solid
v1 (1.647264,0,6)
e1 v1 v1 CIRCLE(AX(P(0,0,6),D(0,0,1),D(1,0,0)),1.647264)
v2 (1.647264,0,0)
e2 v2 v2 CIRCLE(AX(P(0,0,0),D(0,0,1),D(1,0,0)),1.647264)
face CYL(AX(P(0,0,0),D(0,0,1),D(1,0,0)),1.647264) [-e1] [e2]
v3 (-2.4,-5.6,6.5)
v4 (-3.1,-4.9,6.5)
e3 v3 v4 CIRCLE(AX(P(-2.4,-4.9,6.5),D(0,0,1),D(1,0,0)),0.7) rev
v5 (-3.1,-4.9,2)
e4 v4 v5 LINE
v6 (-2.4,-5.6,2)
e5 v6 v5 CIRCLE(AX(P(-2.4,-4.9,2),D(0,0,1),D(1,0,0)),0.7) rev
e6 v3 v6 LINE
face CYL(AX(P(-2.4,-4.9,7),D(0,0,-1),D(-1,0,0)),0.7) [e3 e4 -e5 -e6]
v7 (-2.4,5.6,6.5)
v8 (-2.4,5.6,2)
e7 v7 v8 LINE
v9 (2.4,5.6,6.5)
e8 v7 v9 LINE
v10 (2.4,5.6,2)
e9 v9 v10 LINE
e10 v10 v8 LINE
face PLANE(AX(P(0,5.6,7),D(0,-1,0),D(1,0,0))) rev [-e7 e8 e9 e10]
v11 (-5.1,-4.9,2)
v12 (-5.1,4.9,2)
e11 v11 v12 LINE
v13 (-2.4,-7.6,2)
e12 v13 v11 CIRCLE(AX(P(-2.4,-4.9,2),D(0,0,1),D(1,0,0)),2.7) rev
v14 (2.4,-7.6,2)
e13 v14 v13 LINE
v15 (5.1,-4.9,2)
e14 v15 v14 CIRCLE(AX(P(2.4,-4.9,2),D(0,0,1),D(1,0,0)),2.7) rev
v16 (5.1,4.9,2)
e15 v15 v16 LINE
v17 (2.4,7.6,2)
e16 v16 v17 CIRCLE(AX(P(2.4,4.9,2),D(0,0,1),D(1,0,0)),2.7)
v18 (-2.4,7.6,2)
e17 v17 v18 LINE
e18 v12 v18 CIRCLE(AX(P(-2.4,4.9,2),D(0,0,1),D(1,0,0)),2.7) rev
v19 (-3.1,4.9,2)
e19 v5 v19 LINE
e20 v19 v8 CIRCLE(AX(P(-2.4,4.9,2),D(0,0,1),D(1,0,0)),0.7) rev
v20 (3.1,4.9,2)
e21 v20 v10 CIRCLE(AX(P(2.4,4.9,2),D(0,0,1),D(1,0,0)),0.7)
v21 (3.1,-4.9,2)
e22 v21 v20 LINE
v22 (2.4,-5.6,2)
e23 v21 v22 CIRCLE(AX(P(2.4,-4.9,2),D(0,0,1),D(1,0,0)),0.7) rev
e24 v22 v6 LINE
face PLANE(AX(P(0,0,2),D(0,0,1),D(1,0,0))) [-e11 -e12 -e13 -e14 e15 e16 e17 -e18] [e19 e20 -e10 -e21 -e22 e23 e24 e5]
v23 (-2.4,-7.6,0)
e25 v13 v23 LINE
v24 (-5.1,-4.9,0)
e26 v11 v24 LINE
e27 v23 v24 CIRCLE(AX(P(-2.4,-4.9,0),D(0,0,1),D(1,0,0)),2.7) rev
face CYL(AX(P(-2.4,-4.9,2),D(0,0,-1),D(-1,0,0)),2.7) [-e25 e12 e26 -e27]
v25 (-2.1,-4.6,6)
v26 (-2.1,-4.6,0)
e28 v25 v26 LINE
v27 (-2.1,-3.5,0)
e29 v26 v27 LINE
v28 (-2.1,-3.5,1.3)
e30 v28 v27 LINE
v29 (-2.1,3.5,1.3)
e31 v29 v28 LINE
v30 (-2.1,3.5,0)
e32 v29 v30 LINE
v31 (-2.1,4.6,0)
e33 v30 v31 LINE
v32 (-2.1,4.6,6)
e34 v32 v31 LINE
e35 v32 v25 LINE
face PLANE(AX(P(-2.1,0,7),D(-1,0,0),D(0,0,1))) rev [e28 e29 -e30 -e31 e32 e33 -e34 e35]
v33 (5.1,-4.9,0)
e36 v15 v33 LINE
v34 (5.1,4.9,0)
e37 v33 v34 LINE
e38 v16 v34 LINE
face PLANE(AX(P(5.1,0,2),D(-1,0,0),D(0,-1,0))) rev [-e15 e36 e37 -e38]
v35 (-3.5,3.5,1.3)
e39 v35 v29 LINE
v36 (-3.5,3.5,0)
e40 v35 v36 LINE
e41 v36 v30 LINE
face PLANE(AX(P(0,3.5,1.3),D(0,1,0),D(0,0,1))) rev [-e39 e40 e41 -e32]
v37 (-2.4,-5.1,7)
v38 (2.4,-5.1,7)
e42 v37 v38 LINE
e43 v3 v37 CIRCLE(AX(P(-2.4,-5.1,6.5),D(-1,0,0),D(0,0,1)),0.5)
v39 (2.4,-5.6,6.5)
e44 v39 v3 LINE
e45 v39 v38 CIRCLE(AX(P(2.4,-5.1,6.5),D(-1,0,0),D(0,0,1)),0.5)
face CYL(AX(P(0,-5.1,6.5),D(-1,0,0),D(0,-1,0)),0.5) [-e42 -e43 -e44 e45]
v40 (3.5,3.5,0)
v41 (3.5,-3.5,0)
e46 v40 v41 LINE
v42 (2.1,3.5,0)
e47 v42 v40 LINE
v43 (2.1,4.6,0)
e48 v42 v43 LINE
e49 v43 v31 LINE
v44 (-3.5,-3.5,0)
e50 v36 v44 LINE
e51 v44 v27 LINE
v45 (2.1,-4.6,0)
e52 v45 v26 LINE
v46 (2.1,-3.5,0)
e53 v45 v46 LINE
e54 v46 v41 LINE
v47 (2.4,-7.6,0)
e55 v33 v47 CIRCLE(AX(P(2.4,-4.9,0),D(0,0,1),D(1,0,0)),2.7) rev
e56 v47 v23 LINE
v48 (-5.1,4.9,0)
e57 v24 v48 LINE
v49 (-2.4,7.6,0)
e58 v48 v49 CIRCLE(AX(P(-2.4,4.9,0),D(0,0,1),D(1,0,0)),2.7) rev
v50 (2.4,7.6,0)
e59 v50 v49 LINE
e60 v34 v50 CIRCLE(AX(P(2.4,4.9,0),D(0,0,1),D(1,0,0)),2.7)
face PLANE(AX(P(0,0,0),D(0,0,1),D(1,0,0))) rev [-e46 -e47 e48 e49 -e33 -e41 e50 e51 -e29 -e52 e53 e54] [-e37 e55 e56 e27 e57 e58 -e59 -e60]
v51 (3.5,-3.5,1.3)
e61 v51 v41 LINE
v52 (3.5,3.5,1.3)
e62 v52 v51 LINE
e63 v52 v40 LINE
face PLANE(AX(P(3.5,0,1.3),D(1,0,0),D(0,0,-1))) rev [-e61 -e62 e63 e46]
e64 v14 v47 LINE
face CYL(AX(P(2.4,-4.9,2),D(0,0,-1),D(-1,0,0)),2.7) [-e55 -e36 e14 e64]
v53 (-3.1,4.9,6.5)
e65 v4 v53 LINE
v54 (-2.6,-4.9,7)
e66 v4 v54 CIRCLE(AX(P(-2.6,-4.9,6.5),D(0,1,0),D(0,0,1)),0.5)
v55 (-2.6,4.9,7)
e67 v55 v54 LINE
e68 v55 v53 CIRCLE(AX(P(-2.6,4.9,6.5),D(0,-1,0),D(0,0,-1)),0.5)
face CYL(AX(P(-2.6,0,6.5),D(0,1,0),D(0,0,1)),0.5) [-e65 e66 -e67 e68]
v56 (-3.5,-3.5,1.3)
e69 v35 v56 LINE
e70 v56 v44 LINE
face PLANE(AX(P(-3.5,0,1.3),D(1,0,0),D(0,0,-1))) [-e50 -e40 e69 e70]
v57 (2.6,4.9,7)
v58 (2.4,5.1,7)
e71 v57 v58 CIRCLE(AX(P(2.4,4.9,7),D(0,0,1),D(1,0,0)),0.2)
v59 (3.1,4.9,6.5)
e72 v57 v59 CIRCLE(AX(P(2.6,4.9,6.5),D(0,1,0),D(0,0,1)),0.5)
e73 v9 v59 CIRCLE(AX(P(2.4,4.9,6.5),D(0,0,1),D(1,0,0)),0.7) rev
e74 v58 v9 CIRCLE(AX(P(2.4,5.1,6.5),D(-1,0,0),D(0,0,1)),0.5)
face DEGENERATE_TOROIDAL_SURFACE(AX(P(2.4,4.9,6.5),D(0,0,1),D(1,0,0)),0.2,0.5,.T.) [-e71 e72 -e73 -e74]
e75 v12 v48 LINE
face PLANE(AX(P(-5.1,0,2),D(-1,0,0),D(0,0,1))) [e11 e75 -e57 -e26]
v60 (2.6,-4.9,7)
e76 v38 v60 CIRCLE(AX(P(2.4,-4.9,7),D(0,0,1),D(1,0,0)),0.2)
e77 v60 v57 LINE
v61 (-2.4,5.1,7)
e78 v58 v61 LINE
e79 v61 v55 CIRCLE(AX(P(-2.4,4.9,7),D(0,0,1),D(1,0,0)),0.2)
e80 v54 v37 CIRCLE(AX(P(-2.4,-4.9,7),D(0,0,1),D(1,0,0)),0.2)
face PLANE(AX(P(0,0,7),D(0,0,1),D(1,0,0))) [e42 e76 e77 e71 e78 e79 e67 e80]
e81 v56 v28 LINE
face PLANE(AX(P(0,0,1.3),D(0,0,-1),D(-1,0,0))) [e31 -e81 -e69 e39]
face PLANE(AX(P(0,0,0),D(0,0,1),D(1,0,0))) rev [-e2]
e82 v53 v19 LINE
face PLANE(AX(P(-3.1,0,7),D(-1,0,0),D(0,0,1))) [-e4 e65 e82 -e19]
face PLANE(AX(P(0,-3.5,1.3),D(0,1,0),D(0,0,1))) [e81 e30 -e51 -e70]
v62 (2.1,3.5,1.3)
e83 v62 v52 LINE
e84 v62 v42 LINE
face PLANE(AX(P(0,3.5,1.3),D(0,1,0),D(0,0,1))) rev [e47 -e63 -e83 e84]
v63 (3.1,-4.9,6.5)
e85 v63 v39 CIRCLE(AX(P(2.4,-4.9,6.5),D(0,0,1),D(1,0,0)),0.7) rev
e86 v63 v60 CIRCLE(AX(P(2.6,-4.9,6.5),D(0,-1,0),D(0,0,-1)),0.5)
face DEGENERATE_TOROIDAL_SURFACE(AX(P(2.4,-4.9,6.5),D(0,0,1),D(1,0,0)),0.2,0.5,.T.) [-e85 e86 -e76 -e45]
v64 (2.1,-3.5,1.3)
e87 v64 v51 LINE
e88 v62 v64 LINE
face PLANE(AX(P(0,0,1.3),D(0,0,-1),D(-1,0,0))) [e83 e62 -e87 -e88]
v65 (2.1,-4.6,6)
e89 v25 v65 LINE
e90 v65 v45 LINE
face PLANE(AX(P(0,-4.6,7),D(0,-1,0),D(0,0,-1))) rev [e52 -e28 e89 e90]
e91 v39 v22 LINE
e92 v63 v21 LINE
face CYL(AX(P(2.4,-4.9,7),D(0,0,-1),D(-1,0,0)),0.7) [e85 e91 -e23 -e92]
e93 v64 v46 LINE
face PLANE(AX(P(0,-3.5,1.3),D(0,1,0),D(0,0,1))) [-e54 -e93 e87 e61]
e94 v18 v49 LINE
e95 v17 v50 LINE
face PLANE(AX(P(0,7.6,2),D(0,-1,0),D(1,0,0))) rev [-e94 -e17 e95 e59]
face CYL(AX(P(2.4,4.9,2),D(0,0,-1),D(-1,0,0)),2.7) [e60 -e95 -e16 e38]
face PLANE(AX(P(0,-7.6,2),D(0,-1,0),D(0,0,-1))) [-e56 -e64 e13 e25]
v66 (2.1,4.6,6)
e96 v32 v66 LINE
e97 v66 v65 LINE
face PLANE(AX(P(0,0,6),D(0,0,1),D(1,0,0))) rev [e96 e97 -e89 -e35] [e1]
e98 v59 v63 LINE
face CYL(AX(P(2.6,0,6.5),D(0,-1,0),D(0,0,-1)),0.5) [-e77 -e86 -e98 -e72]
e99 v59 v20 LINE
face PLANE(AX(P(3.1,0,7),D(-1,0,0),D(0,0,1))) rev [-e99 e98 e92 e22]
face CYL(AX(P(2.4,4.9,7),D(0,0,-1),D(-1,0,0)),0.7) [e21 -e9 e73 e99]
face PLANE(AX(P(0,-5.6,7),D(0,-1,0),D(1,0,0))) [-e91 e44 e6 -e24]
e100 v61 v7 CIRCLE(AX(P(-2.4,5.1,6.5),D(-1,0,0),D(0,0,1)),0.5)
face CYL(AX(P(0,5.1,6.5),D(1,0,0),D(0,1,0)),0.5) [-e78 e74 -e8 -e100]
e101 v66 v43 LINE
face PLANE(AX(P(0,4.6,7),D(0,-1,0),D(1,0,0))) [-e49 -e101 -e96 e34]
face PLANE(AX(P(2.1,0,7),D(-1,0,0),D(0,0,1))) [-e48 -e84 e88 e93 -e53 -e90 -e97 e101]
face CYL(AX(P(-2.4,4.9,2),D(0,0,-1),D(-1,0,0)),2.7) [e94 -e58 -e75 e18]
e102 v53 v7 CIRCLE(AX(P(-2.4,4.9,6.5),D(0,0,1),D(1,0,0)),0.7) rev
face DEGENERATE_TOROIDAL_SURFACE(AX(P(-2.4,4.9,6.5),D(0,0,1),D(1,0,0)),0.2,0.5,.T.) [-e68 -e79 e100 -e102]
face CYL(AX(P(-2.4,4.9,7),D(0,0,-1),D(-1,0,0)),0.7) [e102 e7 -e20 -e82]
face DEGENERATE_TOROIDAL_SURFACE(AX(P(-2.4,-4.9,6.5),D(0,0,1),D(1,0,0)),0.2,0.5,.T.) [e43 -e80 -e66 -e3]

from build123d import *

# Parameters (mm, degrees)
CROQUIS1_W              = 9.2
CROQUIS1_H              = 4.2
SALIENTE_EXTRUIR1_DEPTH = 7
SALIENTE_EXTRUIR2_DEPTH = 2
SALIENTE_EXTRUIR3_START = 7
CROQUIS1_5_W            = 9.2
CROQUIS1_5_H            = 4.2
CROQUIS1_5_R            = 1.647263677
SALIENTE_EXTRUIR3_DEPTH = 1
SALIENTE_EXTRUIR4_START = 7
CROQUIS1_6_R            = 1.647263677
SALIENTE_EXTRUIR4_DEPTH = 7
CORTAR_EXTRUIR1_START   = -1.3
CROQUIS2_W              = 4.2
CROQUIS2_H              = 7
CROQUIS2_R              = 1.647263677
CROQUIS2_W_2            = 1.4
CORTAR_EXTRUIR1_DEPTH   = 1.3
REDONDEO1_R             = 0.5


with BuildPart() as part:
    # Croquis1 → Saliente-Extruir1 (new body)
    with BuildSketch(Plane(origin=(0, 0, 0), x_dir=(0, 1, 0), z_dir=(0, 0, 1))):
        with BuildLine():
            ThreePointArc((-5.6, 2.4), (-5.394974747, 2.894974747), (-4.9, 3.1))
            Line((-4.9, 3.1), (4.9, 3.1))
            ThreePointArc((4.9, 3.1), (5.394974747, 2.894974747), (5.6, 2.4))
            Line((5.6, 2.4), (5.6, -2.4))
            ThreePointArc((5.6, -2.4), (5.394974747, -2.894974747), (4.9, -3.1))
            Line((4.9, -3.1), (-4.9, -3.1))
            ThreePointArc((-4.9, -3.1), (-5.394974747, -2.894974747), (-5.6, -2.4))
            Line((-5.6, -2.4), (-5.6, 2.4))
        make_face()
        Rectangle(CROQUIS1_W, CROQUIS1_H, mode=Mode.SUBTRACT)
    extrude(amount=SALIENTE_EXTRUIR1_DEPTH)

    # Croquis1<4> → Saliente-Extruir2 (add)
    with BuildSketch(Plane(origin=(0, 0, 0), x_dir=(0, 1, 0), z_dir=(0, 0, 1))):
        with BuildLine():
            ThreePointArc((-4.9, -5.1), (-6.809188309, -4.309188309), (-7.6, -2.4))
            Line((-7.6, -2.4), (-7.6, 2.4))
            ThreePointArc((-7.6, 2.4), (-6.809188309, 4.309188309), (-4.9, 5.1))
            Line((-4.9, 5.1), (4.9, 5.1))
            ThreePointArc((4.9, 5.1), (6.809188309, 4.309188309), (7.6, 2.4))
            Line((7.6, 2.4), (7.6, -2.4))
            ThreePointArc((7.6, -2.4), (6.809188309, -4.309188309), (4.9, -5.1))
            Line((4.9, -5.1), (-4.9, -5.1))
        make_face()
        with BuildLine():
            Line((-5.6, -2.4), (-5.6, 2.4))
            ThreePointArc((-5.6, 2.4), (-5.394974747, 2.894974747), (-4.9, 3.1))
            Line((-4.9, 3.1), (4.9, 3.1))
            ThreePointArc((4.9, 3.1), (5.394974747, 2.894974747), (5.6, 2.4))
            Line((5.6, 2.4), (5.6, -2.4))
            ThreePointArc((5.6, -2.4), (5.394974747, -2.894974747), (4.9, -3.1))
            Line((4.9, -3.1), (-4.9, -3.1))
            ThreePointArc((-4.9, -3.1), (-5.394974747, -2.894974747), (-5.6, -2.4))
        make_face(mode=Mode.SUBTRACT)
    extrude(amount=SALIENTE_EXTRUIR2_DEPTH)

    # Croquis1<5> → Saliente-Extruir3 (add)
    with BuildSketch(Plane(origin=(0, 0, 0), x_dir=(0, 1, 0), z_dir=(0, 0, 1)).offset(SALIENTE_EXTRUIR3_START)):
        Rectangle(CROQUIS1_5_W, CROQUIS1_5_H)
        with Locations(Location((0, 0, 0), (0, 0, 270))):
            Circle(CROQUIS1_5_R, mode=Mode.SUBTRACT)
    extrude(amount=-SALIENTE_EXTRUIR3_DEPTH)

    # Croquis1<6> → Saliente-Extruir4 (add)
    with BuildSketch(Plane(origin=(0, 0, 0), x_dir=(0, 1, 0), z_dir=(0, 0, 1)).offset(SALIENTE_EXTRUIR4_START)):
        with Locations(Location((0, 0, 0), (0, 0, 270))):
            Circle(CROQUIS1_6_R)
    extrude(amount=-SALIENTE_EXTRUIR4_DEPTH)

    # Croquis2 → Cortar-Extruir1 (cut)
    # profile 1 of 3: a face of its own
    with BuildSketch(Plane(origin=(0, 0, 0), x_dir=(1, 0, 0), z_dir=(0, 0, -1)).offset(CORTAR_EXTRUIR1_START)):
        Rectangle(CROQUIS2_W, CROQUIS2_H)
        Circle(CROQUIS2_R, mode=Mode.SUBTRACT)
    # profile 2 of 3: a face of its own
    with BuildSketch(Plane(origin=(0, 0, 0), x_dir=(1, 0, 0), z_dir=(0, 0, -1)).offset(CORTAR_EXTRUIR1_START)):
        with Locations((-2.8, 0)):
            Rectangle(CROQUIS2_W_2, CROQUIS2_H)
    # profile 3 of 3: a face of its own
    with BuildSketch(Plane(origin=(0, 0, 0), x_dir=(1, 0, 0), z_dir=(0, 0, -1)).offset(CORTAR_EXTRUIR1_START)):
        with Locations((2.8, 0)):
            Rectangle(CROQUIS2_W_2, CROQUIS2_H)
    extrude(amount=CORTAR_EXTRUIR1_DEPTH, mode=Mode.SUBTRACT)

    # Redondeo1
    redondeo1_edges = [part.edges().sort_by_distance(p)[0] for p in [
        (0, -5.6, 7),
        (2.894974747, -5.394974747, 7),
        (3.1, 0, 7),
        (2.894974747, 5.394974747, 7),
        (0, 5.6, 7),
        (-2.894974747, 5.394974747, 7),
        (-3.1, 0, 7),
        (-2.894974747, -5.394974747, 7),
    ]]
    fillet(redondeo1_edges, radius=REDONDEO1_R)


solid = part.part
